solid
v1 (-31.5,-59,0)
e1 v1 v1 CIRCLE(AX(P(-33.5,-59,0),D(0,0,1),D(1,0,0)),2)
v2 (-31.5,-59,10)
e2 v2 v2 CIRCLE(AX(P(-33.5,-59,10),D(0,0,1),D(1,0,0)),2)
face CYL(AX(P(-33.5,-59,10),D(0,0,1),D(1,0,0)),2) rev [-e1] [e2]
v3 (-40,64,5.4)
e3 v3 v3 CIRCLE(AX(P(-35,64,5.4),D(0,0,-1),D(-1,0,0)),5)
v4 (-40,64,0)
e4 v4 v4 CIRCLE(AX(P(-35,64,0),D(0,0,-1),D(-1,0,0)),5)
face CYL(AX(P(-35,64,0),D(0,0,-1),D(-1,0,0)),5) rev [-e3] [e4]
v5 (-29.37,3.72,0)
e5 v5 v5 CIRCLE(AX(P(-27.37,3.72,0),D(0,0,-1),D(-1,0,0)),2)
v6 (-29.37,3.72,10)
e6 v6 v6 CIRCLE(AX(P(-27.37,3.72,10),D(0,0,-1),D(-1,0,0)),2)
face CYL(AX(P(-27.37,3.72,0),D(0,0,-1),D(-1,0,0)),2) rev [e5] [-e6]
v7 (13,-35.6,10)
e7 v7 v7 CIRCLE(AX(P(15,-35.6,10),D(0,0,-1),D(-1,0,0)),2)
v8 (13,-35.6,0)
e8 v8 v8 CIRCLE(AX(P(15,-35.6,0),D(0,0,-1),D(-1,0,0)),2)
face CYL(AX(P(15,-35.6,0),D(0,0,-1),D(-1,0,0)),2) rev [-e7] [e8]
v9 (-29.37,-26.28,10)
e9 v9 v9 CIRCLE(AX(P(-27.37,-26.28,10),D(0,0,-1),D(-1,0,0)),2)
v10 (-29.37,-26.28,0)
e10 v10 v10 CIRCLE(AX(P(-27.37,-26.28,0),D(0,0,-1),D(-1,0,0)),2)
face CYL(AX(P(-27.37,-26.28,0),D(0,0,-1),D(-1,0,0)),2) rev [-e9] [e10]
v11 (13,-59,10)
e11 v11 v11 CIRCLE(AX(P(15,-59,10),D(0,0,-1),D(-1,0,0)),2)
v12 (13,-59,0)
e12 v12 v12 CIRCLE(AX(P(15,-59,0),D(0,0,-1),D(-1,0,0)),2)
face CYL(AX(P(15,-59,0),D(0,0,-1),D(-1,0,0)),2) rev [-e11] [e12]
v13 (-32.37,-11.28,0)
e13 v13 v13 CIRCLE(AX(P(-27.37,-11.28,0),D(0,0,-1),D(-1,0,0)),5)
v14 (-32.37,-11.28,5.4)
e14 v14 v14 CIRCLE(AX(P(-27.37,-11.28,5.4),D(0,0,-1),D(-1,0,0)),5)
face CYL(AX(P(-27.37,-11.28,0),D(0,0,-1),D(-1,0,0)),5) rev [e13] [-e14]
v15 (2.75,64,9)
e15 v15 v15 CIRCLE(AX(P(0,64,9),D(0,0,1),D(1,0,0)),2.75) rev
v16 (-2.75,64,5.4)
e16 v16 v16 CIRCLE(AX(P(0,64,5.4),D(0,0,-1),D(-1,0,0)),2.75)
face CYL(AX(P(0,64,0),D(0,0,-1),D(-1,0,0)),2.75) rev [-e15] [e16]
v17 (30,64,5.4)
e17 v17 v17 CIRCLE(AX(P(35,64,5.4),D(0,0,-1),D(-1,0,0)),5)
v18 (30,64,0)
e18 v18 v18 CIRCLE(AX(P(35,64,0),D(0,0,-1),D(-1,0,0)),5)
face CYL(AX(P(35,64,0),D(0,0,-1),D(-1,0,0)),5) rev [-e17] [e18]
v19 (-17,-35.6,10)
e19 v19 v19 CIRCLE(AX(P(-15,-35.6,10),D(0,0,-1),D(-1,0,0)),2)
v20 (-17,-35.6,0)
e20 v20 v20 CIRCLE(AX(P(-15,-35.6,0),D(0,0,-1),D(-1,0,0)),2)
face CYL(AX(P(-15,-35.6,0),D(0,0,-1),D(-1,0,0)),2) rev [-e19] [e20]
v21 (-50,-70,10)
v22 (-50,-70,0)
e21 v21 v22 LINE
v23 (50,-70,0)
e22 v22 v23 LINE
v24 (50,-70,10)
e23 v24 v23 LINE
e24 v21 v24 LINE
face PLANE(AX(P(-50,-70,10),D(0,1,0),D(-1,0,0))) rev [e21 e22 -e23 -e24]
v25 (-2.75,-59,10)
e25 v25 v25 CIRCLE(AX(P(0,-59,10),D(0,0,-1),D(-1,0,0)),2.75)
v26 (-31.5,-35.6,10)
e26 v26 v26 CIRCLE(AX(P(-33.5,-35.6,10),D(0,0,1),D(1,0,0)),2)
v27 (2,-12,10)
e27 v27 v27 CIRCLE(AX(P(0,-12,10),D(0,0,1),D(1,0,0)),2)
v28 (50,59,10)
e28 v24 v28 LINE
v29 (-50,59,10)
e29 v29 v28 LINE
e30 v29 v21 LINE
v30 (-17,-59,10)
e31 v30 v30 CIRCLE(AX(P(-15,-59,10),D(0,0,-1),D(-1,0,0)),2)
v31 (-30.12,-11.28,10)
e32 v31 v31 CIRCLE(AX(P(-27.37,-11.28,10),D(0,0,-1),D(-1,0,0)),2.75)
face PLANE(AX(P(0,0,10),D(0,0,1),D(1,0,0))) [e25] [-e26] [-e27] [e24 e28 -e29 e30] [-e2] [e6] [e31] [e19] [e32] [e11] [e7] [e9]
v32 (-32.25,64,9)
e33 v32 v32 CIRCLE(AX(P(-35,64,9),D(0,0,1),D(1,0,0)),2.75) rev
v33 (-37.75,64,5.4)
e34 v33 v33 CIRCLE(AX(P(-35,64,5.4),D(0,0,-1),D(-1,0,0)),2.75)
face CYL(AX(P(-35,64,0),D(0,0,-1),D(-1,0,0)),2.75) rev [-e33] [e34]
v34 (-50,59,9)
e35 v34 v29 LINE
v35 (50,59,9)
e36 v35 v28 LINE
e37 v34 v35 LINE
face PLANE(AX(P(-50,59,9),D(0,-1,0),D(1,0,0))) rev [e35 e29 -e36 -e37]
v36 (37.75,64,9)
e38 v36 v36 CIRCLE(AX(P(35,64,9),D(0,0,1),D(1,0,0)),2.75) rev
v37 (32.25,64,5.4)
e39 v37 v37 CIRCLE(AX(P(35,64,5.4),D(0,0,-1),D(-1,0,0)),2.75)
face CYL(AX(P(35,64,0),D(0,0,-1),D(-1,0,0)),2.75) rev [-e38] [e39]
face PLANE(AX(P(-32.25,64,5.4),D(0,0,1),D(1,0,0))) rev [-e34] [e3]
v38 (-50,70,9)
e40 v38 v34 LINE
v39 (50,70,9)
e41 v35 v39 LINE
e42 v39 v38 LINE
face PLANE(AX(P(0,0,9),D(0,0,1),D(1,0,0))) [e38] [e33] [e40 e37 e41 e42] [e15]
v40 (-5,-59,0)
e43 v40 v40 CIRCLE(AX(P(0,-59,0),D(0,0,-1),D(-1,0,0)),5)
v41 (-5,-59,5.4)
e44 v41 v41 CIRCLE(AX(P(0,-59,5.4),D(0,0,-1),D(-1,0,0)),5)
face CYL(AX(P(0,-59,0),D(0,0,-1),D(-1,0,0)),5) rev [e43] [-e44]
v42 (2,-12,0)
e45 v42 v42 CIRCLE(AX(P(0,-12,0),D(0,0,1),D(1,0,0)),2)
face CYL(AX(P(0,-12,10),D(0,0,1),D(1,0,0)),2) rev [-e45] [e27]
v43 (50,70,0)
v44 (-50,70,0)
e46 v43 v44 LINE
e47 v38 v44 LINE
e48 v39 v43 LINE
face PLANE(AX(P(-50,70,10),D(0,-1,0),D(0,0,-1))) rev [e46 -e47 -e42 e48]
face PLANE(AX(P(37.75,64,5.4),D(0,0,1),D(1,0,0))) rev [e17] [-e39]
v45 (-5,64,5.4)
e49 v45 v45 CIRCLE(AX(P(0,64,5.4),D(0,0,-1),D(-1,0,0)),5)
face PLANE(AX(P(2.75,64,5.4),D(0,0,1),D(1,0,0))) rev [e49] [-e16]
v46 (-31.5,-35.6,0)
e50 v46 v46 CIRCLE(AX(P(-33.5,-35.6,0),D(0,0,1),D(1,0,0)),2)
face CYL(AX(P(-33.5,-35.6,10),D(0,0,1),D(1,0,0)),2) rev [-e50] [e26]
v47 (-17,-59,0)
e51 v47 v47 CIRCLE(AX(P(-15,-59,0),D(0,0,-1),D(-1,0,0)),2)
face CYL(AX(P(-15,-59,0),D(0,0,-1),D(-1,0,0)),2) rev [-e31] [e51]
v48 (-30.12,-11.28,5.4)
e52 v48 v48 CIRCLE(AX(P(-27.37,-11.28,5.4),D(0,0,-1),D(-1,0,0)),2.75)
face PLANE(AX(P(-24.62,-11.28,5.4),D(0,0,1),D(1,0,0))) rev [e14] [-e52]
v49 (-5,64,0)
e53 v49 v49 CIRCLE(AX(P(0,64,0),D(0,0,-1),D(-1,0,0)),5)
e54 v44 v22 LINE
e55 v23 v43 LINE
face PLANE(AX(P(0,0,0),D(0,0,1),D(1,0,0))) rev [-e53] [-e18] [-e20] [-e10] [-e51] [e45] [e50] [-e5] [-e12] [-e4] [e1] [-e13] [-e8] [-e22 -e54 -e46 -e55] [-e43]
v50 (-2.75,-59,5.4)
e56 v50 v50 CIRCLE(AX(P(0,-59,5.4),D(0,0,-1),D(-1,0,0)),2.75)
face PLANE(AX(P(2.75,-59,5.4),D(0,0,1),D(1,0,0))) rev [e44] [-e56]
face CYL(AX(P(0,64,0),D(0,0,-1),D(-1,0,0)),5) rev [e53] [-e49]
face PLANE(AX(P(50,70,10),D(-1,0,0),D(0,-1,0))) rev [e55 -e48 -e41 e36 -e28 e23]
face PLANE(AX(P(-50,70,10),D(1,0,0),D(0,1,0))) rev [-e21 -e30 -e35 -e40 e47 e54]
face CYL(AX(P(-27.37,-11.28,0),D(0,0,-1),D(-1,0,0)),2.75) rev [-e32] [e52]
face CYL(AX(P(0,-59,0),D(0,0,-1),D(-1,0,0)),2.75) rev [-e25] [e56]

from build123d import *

# Parameters (mm, degrees)
SKIZZE1_W                                            = 100
SKIZZE1_H                                            = 140
AUFSATZ_LINEAR_AUSTRAGEN1_DEPTH                      = 10
STIRNSENKUNG_F_R_M5_ZYLINDERSCHRAUBE_MIT_D           = 5.5
STIRNSENKUNG_F_R_M5_ZYLINDERSCHRAUBE_MIT_CBORE_D     = 10
STIRNSENKUNG_F_R_M5_ZYLINDERSCHRAUBE_MIT_CBORE_DEPTH = 5.4
SKIZZE8_W                                            = 100
SKIZZE8_H                                            = 11
SCHNITT_LINEAR_AUSTRAGEN1_DEPTH                      = 1
STIRNSENKUNG_F_R_M5_ZYLINDERSCHRAUBE_2_D             = 5.5
STIRNSENKUNG_F_R_M5_ZYLINDERSCHRAUBE_2_CBORE_D       = 10
STIRNSENKUNG_F_R_M5_ZYLINDERSCHRAUBE_2_CBORE_DEPTH   = 5.4
F_4_0_4_DURCHMESSER_BOHRUNG1_D                       = 4
F_4_0_4_DURCHMESSER_BOHRUNG2_D                       = 4
F_4_0_4_DURCHMESSER_BOHRUNG3_D                       = 4
F_4_0_4_DURCHMESSER_BOHRUNG4_D                       = 4


with BuildPart() as part:
    # Skizze1 → Aufsatz-Linear austragen1 (new body)
    with BuildSketch(Plane.XY):
        Rectangle(SKIZZE1_W, SKIZZE1_H)
    extrude(amount=AUFSATZ_LINEAR_AUSTRAGEN1_DEPTH)

    # Stirnsenkung f_r M5 Zylinderschraube mit (through all)
    with Locations(Plane(origin=(0, 0, 0), x_dir=(-1, 0, 0), z_dir=(0, 0, -1))):
        with Locations((0, 64), (35, 64), (-35, 64)):
            CounterBoreHole(STIRNSENKUNG_F_R_M5_ZYLINDERSCHRAUBE_MIT_D / 2, STIRNSENKUNG_F_R_M5_ZYLINDERSCHRAUBE_MIT_CBORE_D / 2, STIRNSENKUNG_F_R_M5_ZYLINDERSCHRAUBE_MIT_CBORE_DEPTH)

    # Skizze8 → Schnitt-Linear austragen1 (cut)
    with BuildSketch(Plane.XY.offset(10)):
        with Locations((0, 64.5)):
            Rectangle(SKIZZE8_W, SKIZZE8_H)
    extrude(amount=-SCHNITT_LINEAR_AUSTRAGEN1_DEPTH, mode=Mode.SUBTRACT)

    # Stirnsenkung f_r M5 Zylinderschraube 2 (through all)
    with Locations(Plane(origin=(0, 0, 0), x_dir=(-1, 0, 0), z_dir=(0, 0, -1))):
        with Locations((0, -59), (27.37, -11.28)):
            CounterBoreHole(STIRNSENKUNG_F_R_M5_ZYLINDERSCHRAUBE_2_D / 2, STIRNSENKUNG_F_R_M5_ZYLINDERSCHRAUBE_2_CBORE_D / 2, STIRNSENKUNG_F_R_M5_ZYLINDERSCHRAUBE_2_CBORE_DEPTH)

    # Ø4.0 (4) Durchmesser Bohrung1 (through all)
    with Locations(Plane(origin=(0, 0, 0), x_dir=(-1, 0, 0), z_dir=(0, 0, -1))):
        with Locations((15, -59), (-15, -59), (27.37, -26.28), (27.37, 3.72)):
            Hole(F_4_0_4_DURCHMESSER_BOHRUNG1_D / 2)

    # Ø4.0 (4) Durchmesser Bohrung2 (through all)
    with Locations(Plane(origin=(0, 0, 0), x_dir=(-1, 0, 0), z_dir=(0, 0, -1))):
        with Locations((15, -35.6), (-15, -35.6)):
            Hole(F_4_0_4_DURCHMESSER_BOHRUNG2_D / 2)

    # Ø4.0 (4) Durchmesser Bohrung3 (through all)
    with Locations(Plane.XY.offset(10)):
        with Locations((-33.5, -35.6), (-33.5, -59)):
            Hole(F_4_0_4_DURCHMESSER_BOHRUNG3_D / 2)

    # Ø4.0 (4) Durchmesser Bohrung4 (through all)
    with Locations(Plane.XY.offset(10)):
        with Locations((0, -12)):
            Hole(F_4_0_4_DURCHMESSER_BOHRUNG4_D / 2)


solid = part.part
